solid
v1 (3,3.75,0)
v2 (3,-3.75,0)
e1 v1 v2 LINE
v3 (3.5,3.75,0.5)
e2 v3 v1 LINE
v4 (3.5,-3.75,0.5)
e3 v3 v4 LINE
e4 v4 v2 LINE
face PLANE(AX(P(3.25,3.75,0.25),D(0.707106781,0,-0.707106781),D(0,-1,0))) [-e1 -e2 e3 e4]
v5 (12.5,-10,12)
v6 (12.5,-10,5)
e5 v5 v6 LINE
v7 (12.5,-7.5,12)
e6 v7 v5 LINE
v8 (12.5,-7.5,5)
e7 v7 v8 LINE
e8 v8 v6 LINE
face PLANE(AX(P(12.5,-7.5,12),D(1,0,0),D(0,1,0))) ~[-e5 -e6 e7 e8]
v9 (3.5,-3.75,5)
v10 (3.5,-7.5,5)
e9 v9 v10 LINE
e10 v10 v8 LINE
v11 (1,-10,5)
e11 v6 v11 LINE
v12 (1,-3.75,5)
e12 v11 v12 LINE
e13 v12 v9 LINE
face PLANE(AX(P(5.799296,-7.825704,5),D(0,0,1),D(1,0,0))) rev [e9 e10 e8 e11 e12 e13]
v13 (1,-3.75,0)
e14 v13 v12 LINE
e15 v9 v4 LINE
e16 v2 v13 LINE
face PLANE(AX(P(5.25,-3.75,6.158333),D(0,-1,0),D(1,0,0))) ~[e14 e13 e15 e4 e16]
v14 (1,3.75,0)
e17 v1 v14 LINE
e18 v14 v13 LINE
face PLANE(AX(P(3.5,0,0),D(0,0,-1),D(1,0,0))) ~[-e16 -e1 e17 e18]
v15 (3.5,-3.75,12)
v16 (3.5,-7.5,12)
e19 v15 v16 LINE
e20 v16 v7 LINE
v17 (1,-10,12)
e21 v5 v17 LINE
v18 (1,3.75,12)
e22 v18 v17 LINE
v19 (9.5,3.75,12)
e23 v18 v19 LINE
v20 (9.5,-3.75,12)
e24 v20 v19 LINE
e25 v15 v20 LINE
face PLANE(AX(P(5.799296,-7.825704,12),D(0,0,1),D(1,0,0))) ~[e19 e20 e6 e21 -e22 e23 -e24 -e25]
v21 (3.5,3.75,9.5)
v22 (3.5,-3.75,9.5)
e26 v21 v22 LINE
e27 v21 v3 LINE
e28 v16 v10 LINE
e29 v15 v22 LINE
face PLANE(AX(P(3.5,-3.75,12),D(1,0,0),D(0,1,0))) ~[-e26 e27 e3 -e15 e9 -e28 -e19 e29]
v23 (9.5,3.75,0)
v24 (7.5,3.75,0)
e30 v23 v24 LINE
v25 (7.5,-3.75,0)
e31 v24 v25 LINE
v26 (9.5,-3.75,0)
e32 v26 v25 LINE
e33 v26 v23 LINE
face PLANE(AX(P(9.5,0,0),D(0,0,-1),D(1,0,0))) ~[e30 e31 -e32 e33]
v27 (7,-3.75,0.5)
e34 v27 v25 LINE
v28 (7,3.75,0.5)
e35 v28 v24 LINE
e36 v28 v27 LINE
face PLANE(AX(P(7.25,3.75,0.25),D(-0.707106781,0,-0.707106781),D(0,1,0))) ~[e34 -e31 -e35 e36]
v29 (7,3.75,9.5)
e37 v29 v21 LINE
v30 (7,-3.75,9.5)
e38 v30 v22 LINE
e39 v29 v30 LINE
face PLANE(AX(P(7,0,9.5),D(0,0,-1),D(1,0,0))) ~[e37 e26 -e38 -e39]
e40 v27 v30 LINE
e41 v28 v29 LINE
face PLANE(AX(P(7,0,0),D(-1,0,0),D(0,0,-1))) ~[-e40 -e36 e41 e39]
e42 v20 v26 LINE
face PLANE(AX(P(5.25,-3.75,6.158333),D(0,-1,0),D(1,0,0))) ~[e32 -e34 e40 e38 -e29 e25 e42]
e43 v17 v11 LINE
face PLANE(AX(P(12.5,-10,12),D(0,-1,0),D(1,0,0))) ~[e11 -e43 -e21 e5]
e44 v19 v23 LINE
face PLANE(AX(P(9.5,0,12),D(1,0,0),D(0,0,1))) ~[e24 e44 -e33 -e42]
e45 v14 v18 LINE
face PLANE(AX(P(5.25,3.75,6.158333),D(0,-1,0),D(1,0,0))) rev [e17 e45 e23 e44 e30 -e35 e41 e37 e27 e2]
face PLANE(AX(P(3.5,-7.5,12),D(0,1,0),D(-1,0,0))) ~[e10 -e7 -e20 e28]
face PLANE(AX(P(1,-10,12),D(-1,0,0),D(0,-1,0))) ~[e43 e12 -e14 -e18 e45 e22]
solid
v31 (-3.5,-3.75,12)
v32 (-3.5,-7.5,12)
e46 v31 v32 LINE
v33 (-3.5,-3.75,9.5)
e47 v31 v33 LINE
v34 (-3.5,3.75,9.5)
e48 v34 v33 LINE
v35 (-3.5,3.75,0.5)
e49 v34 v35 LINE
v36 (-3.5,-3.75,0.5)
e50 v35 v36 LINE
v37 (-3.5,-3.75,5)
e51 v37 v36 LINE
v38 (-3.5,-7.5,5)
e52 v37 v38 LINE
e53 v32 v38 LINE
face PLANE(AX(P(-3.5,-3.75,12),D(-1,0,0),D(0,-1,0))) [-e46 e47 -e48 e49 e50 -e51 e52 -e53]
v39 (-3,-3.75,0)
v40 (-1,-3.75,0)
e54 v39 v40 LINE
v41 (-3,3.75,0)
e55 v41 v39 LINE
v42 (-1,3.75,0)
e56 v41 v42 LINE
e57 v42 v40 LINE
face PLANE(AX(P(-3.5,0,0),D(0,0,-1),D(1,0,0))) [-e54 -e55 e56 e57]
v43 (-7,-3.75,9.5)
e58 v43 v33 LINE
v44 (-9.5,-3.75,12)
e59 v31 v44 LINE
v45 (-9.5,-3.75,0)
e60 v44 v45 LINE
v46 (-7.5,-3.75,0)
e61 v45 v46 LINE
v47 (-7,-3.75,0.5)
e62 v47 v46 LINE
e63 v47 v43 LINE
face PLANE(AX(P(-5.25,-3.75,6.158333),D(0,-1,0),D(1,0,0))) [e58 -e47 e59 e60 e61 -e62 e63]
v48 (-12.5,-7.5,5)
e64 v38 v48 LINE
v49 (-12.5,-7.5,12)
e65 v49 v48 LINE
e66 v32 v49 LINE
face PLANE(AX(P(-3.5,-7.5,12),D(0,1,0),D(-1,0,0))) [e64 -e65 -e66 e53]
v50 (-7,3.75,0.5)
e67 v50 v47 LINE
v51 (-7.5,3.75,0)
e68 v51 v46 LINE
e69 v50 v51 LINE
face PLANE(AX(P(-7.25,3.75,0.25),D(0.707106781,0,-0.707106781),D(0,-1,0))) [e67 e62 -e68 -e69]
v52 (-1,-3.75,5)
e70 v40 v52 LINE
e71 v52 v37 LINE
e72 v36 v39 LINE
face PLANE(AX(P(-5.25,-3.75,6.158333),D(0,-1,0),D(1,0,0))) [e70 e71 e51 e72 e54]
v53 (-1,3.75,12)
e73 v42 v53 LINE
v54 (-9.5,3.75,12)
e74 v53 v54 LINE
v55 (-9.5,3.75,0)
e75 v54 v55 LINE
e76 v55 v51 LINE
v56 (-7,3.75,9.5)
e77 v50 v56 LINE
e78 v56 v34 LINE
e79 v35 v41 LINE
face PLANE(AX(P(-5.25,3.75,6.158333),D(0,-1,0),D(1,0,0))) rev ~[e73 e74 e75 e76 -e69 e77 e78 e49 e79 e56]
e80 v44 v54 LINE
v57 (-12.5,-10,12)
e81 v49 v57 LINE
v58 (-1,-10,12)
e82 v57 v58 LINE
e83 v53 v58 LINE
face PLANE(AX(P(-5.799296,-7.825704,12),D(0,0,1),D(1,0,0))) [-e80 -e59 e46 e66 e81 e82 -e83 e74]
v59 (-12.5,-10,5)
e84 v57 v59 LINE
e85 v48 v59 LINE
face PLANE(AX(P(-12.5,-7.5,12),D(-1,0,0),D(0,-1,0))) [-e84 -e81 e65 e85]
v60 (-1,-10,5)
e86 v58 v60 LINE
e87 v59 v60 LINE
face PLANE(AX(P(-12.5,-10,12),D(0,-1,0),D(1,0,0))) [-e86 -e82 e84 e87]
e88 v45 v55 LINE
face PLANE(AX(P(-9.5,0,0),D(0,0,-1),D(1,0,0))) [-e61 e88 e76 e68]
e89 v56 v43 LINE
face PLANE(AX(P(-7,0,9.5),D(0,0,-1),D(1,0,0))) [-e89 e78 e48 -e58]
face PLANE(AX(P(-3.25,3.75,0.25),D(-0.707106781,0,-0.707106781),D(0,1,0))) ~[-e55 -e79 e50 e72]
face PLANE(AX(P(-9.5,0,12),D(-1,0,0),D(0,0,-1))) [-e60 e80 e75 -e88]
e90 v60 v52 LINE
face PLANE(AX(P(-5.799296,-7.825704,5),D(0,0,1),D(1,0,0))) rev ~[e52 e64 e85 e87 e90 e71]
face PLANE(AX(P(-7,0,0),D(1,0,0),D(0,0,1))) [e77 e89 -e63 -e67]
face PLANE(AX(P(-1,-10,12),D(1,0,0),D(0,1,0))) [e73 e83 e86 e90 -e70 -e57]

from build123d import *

# Parameters (mm, degrees)
F1_DEPTH = 3.75
F3_DEPTH = 7
F4_SIZE  = 0.5


with BuildPart() as f1:
    # F0 (on Front) → F1 (new body, symmetric)
    with BuildSketch(Plane.XZ):
        Polygon((-9.5, 0), (-7, 0), (-7, 9.5), (-3.5, 9.5), (-3.5, 0), (-1, 0), (-1, 12), (-9.5, 12), align=None)
    extrude(amount=F1_DEPTH, both=True)

    # F2 (on face) → F3 (join, through all)
    with BuildSketch(Plane.XY.offset(12)):
        Polygon((-1, -10), (-1, -3.75), (-3.5, -3.75), (-3.5, -7.5), (-12.5, -7.5), (-12.5, -10), align=None)
    extrude(amount=-F3_DEPTH)

    # F4
    f4_edges = [f1.edges().sort_by_distance(p)[0] for p in [
        (-3.5, 0, 0),
        (-7, 0, 0),
    ]]
    chamfer(f4_edges, length=F4_SIZE)


with BuildPart() as f5_1:
    # F5: instance of F1
    add(f1.part.mirror(Plane.YZ))


solid = Compound([f1.part, f5_1.part])
